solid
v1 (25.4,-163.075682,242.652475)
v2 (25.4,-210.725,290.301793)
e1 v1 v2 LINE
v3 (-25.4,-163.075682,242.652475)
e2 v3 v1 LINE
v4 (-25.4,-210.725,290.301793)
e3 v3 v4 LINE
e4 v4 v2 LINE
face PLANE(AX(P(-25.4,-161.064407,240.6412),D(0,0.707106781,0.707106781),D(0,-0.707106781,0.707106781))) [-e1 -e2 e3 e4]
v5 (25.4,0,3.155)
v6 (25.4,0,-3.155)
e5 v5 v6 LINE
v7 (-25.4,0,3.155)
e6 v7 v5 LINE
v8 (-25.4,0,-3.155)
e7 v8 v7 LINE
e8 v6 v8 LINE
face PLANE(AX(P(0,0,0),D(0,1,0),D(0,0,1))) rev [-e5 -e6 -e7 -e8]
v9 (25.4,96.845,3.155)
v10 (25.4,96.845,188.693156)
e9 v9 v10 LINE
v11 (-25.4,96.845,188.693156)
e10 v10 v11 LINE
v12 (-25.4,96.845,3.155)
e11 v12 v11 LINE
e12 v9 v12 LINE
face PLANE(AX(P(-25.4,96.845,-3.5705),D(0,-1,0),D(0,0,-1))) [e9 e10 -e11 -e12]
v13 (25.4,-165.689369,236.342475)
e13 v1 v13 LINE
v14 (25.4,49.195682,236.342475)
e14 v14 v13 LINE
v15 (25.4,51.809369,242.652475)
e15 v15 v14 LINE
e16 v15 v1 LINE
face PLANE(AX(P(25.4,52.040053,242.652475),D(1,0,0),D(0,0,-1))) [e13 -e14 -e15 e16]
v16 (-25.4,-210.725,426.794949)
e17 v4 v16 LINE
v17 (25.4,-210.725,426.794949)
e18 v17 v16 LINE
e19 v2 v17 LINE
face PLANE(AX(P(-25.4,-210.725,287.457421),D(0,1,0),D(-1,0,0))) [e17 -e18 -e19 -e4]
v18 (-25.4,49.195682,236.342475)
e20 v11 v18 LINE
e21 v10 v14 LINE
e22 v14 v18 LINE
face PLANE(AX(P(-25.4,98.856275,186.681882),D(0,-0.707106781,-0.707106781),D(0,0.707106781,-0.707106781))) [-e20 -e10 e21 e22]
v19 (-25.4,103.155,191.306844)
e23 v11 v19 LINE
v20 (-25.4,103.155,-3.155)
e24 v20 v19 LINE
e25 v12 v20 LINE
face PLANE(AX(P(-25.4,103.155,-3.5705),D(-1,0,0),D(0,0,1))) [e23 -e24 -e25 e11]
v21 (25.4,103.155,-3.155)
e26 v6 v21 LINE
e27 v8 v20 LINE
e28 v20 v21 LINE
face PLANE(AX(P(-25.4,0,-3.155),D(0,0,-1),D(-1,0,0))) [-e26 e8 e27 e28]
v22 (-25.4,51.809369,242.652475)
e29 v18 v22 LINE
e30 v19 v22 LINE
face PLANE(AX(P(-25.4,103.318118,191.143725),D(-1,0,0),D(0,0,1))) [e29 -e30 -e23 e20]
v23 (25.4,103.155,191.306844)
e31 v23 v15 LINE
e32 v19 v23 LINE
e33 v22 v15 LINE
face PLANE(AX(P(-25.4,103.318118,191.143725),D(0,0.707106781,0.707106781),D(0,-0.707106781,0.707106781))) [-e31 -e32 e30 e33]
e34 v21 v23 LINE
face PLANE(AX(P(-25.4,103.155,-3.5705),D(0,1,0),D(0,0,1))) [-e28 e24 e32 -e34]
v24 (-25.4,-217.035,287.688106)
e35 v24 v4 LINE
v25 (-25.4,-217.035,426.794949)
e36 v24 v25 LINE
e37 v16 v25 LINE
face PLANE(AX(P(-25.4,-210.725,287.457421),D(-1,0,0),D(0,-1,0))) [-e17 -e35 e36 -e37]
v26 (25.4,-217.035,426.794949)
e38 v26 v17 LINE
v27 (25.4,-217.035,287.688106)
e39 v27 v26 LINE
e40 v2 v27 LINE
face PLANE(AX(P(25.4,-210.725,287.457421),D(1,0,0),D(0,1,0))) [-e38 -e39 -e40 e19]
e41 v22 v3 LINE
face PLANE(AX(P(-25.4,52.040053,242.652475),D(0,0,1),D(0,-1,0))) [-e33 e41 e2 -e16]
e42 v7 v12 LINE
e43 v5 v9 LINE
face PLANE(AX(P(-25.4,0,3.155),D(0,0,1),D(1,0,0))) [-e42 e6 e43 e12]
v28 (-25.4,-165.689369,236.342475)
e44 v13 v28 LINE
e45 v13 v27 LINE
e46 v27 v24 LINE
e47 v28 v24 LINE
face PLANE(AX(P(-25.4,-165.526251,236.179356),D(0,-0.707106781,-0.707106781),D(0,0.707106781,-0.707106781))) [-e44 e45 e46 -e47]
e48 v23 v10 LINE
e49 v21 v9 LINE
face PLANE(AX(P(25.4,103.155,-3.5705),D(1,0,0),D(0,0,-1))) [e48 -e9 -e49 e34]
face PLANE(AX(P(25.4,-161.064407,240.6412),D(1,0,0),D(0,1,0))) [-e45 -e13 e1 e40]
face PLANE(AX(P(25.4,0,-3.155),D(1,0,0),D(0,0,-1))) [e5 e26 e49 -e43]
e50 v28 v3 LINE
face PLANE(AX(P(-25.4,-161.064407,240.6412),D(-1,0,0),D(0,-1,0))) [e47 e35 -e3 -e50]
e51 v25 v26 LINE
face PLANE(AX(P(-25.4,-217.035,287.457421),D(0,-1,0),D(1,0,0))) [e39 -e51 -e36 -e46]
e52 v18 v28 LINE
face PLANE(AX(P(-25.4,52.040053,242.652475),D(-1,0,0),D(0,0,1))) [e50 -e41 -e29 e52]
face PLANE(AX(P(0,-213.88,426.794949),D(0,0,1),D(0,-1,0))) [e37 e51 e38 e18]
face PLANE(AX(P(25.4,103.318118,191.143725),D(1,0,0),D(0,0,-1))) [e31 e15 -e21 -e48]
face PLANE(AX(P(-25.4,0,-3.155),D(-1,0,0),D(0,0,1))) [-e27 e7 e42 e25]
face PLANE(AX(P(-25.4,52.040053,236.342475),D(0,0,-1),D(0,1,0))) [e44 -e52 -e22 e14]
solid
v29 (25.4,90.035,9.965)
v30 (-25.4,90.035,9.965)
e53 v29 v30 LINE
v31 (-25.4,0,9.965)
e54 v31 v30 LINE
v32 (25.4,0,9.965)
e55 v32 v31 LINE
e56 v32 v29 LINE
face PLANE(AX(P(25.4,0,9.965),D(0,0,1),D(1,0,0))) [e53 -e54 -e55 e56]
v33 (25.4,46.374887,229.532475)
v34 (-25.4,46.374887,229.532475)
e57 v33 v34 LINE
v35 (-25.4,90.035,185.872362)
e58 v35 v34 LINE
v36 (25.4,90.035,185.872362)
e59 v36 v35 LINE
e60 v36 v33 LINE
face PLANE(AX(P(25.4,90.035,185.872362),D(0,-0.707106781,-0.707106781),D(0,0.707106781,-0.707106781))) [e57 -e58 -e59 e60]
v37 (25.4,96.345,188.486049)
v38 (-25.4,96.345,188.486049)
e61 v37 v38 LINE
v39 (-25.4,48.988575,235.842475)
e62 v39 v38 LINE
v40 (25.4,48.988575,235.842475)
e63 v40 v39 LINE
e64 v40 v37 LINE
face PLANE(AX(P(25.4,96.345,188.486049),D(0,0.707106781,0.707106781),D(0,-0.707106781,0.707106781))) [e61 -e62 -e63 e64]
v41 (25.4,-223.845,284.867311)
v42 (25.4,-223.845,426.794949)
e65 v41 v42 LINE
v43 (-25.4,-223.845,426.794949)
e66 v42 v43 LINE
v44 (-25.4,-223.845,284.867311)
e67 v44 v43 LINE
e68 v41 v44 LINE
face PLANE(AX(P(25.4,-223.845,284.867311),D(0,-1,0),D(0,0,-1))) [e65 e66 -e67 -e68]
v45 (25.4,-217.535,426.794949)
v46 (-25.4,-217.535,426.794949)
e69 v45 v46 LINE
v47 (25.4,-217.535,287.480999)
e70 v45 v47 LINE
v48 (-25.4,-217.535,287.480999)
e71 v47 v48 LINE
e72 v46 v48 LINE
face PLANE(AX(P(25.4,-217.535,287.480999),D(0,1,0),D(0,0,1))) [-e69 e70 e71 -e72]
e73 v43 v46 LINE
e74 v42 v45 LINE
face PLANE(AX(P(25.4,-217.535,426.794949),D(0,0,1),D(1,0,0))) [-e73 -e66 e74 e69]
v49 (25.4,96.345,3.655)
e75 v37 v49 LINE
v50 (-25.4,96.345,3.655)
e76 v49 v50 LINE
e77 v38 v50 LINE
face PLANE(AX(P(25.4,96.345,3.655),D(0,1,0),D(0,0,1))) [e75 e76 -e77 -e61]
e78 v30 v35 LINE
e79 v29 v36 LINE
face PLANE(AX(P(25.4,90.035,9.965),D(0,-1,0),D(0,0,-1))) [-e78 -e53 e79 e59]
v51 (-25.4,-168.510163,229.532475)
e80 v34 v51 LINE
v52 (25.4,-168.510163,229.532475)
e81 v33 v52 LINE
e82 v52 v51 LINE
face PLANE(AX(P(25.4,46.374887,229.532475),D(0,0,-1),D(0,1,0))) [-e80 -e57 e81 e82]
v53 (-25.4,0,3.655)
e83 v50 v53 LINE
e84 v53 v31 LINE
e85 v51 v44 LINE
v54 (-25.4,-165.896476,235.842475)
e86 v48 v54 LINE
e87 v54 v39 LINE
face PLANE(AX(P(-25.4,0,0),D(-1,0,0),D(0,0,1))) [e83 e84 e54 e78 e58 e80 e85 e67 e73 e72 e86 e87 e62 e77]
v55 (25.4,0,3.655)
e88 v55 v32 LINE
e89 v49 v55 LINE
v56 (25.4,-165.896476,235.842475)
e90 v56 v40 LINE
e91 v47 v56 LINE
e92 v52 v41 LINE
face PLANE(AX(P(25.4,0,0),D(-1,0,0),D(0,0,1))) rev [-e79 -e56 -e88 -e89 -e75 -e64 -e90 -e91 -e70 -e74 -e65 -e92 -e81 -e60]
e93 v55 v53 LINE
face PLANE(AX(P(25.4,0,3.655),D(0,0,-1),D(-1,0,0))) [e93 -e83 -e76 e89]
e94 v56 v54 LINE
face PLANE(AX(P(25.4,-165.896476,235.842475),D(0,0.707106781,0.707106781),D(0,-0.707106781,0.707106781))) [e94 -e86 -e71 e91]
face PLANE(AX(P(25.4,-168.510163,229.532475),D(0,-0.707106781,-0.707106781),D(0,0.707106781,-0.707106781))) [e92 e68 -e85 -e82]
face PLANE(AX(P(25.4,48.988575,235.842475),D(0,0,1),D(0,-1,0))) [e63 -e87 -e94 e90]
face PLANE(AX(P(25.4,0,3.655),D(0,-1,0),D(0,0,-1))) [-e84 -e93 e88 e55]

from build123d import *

# Parameters (mm, degrees)
CROQUIS1_W              = 50.8
CROQUIS1_H              = 6.31
SALIENTE_EXTRUIR1_DEPTH = 50.8


with BuildPart() as part:
    # Barrer1: sweep along a curve in space
    with BuildLine() as barrer1_path:
        Line((0, 0, 0), (0, 100, 0))
        Line((0, 100, 0), (0, 100, 190))
        Line((0, 100, 190), (0, 50.502525317, 239.497474683))
        Line((0, 50.502525317, 239.497474683), (0, -164.382525317, 239.497474683))
        Line((0, -164.382525317, 239.497474683), (0, -213.88, 288.994949366))
        Line((0, -213.88, 288.994949366), (0, -213.88, 426.794949366))
    # Croquis1 → Barrer1 (sweep)
    with BuildSketch(Plane(origin=(0, 0, 0), x_dir=(1, 0, 0), z_dir=(0, 1, 0))):
        Rectangle(CROQUIS1_W, CROQUIS1_H)
    sweep(path=barrer1_path.line, transition=Transition.RIGHT)


with BuildPart() as body_2:
    # Croquis2 → Saliente-Extruir1 (new body)
    with BuildSketch(Plane.ZY.offset(25.4)):
        Polygon((3.655, 0), (3.655, 96.345), (188.48604943, 96.345), (235.842474683, 48.988574746), (235.842474683, -165.896475887), (287.480998796, -217.535), (426.794949366, -217.535), (426.794949366, -223.845), (284.867311217, -223.845), (229.532474683, -168.510163466), (229.532474683, 46.374887168), (185.872361851, 90.035), (9.965, 90.035), (9.965, 0), align=None)
    extrude(amount=-SALIENTE_EXTRUIR1_DEPTH)


solid = Compound([part.part, body_2.part])
